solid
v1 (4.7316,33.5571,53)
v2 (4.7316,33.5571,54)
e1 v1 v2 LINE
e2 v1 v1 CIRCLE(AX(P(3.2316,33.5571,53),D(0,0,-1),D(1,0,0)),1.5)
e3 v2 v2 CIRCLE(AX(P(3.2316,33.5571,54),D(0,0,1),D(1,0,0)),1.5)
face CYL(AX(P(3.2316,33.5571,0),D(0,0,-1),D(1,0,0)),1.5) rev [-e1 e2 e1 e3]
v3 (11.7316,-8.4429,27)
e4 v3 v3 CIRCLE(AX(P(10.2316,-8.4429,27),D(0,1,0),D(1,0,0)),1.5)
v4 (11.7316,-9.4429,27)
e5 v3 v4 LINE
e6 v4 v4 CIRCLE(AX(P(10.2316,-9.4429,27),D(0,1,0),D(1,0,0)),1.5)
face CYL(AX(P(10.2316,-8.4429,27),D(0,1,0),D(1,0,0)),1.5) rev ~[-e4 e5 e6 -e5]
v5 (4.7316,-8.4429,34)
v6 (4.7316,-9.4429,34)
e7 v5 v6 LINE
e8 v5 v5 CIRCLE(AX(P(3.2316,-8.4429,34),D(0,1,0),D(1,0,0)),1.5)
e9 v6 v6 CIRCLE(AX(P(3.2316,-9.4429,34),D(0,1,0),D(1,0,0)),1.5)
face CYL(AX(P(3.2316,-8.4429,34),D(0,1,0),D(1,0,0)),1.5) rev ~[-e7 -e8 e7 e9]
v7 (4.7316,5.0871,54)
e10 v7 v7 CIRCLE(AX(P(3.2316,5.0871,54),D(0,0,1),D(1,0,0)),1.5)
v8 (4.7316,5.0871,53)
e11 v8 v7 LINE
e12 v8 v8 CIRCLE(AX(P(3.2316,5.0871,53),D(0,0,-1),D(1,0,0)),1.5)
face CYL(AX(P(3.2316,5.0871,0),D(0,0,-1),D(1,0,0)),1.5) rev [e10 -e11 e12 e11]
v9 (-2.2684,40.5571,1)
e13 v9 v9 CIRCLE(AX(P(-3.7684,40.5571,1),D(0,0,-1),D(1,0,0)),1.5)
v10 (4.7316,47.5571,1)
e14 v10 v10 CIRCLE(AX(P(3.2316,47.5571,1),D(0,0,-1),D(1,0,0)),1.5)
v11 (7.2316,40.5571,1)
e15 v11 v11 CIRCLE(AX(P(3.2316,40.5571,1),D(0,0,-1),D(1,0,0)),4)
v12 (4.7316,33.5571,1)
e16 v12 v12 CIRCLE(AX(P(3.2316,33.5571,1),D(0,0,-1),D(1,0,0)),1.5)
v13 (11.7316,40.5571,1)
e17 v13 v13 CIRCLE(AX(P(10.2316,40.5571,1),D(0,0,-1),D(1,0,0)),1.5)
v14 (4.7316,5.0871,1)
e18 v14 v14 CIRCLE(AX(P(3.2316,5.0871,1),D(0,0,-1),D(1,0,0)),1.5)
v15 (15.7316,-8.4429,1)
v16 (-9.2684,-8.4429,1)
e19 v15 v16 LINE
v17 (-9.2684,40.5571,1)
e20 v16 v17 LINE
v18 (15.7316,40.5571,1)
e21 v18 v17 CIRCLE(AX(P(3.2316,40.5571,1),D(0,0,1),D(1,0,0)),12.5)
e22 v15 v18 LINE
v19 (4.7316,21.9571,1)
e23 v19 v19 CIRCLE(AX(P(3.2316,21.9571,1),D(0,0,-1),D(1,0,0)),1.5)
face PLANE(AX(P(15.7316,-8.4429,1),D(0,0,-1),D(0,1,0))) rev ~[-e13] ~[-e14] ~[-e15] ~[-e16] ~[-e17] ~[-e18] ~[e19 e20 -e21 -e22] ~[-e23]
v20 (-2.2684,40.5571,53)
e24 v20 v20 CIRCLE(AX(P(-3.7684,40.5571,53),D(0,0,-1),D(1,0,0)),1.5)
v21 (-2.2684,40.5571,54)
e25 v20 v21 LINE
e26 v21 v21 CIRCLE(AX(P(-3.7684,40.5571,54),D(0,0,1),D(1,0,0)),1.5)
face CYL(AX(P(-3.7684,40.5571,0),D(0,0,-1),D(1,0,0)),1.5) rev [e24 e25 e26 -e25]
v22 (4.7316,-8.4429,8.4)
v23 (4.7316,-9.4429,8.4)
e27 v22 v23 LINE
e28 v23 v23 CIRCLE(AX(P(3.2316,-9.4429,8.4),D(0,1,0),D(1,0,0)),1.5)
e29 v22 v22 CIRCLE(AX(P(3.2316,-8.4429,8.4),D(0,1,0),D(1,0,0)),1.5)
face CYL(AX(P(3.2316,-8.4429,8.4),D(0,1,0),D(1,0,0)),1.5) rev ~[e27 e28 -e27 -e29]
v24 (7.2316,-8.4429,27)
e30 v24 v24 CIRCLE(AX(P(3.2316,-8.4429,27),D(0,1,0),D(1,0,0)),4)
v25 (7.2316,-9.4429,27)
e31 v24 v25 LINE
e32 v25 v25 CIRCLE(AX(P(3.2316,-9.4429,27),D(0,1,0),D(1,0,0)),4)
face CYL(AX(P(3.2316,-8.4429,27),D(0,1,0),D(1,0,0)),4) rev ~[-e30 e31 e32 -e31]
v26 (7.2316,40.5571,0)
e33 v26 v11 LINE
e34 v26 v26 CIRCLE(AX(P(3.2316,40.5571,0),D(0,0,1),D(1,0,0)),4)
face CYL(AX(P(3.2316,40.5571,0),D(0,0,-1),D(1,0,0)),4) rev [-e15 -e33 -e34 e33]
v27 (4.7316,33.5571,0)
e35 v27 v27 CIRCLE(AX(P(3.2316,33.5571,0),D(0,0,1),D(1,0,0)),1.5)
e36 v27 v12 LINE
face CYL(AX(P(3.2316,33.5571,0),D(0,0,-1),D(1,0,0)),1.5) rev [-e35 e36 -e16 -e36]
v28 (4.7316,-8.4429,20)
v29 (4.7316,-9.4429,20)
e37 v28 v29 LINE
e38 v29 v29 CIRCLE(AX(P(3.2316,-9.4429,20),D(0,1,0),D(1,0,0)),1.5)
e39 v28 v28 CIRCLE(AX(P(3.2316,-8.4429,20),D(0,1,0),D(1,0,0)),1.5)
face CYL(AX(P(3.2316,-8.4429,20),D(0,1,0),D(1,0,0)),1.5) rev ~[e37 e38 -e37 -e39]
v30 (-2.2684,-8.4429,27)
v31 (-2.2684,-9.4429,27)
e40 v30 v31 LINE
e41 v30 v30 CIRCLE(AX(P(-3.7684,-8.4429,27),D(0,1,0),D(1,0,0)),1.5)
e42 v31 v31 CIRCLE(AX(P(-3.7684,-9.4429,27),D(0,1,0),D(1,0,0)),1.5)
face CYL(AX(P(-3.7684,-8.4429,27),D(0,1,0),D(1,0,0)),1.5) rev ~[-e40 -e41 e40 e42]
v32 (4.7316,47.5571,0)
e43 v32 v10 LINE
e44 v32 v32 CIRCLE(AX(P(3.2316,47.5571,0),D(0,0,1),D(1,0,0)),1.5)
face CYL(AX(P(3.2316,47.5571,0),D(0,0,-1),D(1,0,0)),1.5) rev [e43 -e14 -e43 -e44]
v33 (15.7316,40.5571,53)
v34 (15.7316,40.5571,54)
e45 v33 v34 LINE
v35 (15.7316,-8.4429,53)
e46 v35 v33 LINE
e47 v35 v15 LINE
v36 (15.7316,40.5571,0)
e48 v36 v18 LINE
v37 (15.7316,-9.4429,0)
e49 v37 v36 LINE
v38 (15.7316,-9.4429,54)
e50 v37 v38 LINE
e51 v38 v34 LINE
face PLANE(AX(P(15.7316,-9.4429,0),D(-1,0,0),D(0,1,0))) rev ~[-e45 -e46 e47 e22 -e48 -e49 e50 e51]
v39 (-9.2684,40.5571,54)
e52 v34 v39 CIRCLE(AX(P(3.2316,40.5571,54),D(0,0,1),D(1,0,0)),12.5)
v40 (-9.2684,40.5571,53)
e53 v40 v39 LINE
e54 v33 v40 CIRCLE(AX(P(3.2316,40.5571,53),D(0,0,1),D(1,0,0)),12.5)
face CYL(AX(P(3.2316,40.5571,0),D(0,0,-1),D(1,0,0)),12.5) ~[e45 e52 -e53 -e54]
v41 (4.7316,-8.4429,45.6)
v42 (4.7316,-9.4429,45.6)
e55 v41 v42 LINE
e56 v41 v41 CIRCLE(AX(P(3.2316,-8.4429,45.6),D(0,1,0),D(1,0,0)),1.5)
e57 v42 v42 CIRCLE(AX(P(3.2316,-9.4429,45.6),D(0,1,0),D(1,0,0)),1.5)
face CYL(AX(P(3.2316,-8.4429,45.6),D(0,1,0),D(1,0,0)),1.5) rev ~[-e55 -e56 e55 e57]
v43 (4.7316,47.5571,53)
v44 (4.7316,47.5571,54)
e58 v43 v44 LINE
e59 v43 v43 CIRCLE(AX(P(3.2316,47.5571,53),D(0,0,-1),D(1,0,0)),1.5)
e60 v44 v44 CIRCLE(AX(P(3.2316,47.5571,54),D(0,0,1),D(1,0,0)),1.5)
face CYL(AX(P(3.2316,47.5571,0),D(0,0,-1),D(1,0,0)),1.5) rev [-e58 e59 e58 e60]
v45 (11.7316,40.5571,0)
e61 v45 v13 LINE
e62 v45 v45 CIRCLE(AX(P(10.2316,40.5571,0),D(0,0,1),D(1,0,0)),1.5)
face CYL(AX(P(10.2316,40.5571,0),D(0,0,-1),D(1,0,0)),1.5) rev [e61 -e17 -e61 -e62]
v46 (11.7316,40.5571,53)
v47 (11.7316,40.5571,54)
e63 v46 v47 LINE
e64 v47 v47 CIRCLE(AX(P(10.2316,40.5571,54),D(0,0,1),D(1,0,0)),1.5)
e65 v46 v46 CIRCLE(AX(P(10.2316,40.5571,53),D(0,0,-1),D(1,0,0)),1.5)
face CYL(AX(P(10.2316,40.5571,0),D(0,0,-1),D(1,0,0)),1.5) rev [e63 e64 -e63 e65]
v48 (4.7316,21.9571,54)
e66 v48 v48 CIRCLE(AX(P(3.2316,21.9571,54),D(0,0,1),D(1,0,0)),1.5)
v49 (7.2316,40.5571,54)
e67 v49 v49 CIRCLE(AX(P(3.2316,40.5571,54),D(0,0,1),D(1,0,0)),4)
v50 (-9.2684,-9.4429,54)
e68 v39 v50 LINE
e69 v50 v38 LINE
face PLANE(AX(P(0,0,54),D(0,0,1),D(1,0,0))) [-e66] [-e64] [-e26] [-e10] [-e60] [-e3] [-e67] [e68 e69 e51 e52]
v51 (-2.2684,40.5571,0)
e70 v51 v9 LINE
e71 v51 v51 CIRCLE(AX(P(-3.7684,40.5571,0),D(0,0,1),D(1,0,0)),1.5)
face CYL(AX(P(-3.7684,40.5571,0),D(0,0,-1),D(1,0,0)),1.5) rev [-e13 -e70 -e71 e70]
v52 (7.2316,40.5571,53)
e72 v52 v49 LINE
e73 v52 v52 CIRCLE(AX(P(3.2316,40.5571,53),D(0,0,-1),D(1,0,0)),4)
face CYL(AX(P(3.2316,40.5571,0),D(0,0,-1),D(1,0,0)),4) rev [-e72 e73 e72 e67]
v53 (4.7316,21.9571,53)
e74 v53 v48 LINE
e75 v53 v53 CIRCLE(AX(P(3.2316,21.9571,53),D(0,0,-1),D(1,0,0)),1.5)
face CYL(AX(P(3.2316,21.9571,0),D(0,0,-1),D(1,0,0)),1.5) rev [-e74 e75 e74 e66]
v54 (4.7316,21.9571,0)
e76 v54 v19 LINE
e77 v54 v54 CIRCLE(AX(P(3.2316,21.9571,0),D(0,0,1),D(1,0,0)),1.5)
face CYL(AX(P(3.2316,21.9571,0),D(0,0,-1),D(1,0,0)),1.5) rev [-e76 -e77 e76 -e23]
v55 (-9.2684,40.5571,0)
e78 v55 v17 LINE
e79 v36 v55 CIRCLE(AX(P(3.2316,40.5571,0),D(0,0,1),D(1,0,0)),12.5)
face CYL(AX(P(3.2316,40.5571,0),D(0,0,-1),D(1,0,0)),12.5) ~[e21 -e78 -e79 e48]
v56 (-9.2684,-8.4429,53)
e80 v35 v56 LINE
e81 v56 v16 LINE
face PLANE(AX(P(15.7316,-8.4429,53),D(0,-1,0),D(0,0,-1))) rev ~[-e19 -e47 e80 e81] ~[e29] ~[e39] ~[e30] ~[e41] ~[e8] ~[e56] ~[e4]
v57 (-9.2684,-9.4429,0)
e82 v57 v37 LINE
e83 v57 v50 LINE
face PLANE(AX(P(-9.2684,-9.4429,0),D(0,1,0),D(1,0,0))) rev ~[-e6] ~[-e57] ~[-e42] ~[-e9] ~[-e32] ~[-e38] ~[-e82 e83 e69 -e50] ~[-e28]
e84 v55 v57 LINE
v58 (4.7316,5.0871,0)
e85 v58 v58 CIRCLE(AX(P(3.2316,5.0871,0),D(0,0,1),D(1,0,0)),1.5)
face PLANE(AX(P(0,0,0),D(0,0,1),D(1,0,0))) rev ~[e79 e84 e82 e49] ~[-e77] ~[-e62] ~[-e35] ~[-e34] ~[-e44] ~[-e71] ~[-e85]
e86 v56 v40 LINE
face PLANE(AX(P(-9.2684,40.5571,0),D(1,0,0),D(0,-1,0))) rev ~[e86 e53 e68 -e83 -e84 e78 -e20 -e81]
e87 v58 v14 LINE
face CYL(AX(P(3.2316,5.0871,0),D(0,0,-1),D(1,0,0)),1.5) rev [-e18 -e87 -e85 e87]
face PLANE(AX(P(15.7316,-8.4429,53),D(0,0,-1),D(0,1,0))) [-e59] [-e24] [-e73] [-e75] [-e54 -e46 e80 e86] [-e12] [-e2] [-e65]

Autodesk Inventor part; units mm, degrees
ref_plane "YZ Plane" through (0, 0, 0) normal (1, 0, 0) x (0, 1, 0)
ref_plane "XZ Plane" through (0, 0, 0) normal (0, 1, 0) x (-1, 0, 0)
ref_plane "XY Plane" through (0, 0, 0) normal (0, 0, 1) x (1, 0, 0)
sketch "Sketch1" plane through (0, 0, 0) normal (0, 0, 1) x (1, 0, 0)
  line L0 (-9.2684, -9.4429) -> (15.7316, -9.4429)
  line L1 (15.7316, -9.4429) -> (15.7316, 40.5571)
  arc A0 (15.7316, 40.5571) -> (-9.2684, 40.5571) centre (3.2316, 40.5571) ccw
  line L2 (-9.2684, 40.5571) -> (-9.2684, -9.4429)
  circle A1 centre (3.2316, 40.5571) radius 4
  circle A2 centre (-3.7684, 40.5571) radius 1.5
  circle A3 centre (3.2316, 47.5571) radius 1.5
  circle A4 centre (3.2316, 33.5571) radius 1.5
  circle A5 centre (10.2316, 40.5571) radius 1.5
  circle A6 centre (3.2316, 21.9571) radius 1.5
  circle A7 centre (3.2316, 5.0871) radius 1.5
  point P0 (0, 0)
  dimension "d0" = 25
  dimension "d1" = 50
  dimension "d3" = 8
  dimension "d5" = 3
  dimension "d6" = 3
  dimension "d7" = 3
  dimension "d8" = 3
  dimension "d10" = 3
  dimension "d12" = 3
extrude "Extrusion1" add sketch "Sketch1" along normal blind 54
sketch "Sketch2" plane through (15.7316, -9.4429, 0) normal (1, 0, 0) x (0, 0, -1)
  line L0 (-54, 0) -> (-54, 50) projected
  line L1 (-54, 0) -> (-53, 0)
  line L2 (-53, 0) -> (-53, 1)
  line L3 (-53, 1) -> (-54, 1)
  line L4 (-54, 1) -> (-54, 0)
  line L5 (0, 0) -> (-1, 0)
  line L6 (-1, 0) -> (-1, 1)
  line L7 (-1, 1) -> (0, 1)
  line L8 (0, 1) -> (0, 0)
  line L9 (-53, 1) -> (-53, 62.5)
  line L10 (-53, 1) -> (-1, 1)
  line L11 (-1, 1) -> (-1, 62.5)
  line L12 (0, 50) -> (0, 50) projected
  line L13 (0, 50) -> (-54, 50) projected
  line L14 (-54, 50) -> (-54, 50) projected
  line L15 (0, 50) -> (-54, 50) projected
  line L16 (0, 62.5) -> (-54, 62.5) projected
  line L17 (-54, 62.5) -> (-54, 50) projected
  line L18 (0, 62.5) -> (0, 50) projected
  line L19 (0, 62.5) -> (-1, 62.5)
  line L20 (-1, 62.5) -> (-1, 0)
  line L21 (-1, 0) -> (0, 0)
  line L22 (0, 0) -> (0, 62.5)
  line L23 (-54, 62.5) -> (-53, 62.5)
  line L24 (-53, 62.5) -> (-53, 0)
  line L25 (-53, 0) -> (-54, 0)
  line L26 (-54, 0) -> (-54, 62.5)
  line L27 (-53, 62.5) -> (-1, 62.5)
  line L28 (-1, 62.5) -> (-1, 1)
  line L29 (-1, 1) -> (-53, 1)
  line L30 (-53, 1) -> (-53, 62.5)
  point P0 (0, 9.4429)
  dimension "d15" = 1
  dimension "d16" = 1
  dimension "d17" = 1
  dimension "d18" = 1
extrude "Extrusion2" cut sketch "Sketch2" against normal through all contours L9 L13 L11 L10 | L9 L16 L11 L13
sketch "Sketch3" plane through (15.7316, -8.4429, 53) normal (0, 1, 0) x (1, 0, 0)
  circle A0 centre (-12.5, 26) radius 4
  circle A1 centre (-12.5, 33) radius 1.5
  circle A2 centre (-19.5, 26) radius 1.5
  circle A3 centre (-12.5, 19) radius 1.5
  circle A4 centre (-5.5, 26) radius 1.5
  circle A5 centre (-12.5, 44.6) radius 1.5
  circle A6 centre (-12.5, 7.4) radius 1.5
  point P0 (-15.7316, 53)
  dimension "d23" = 3
  dimension "d26" = 360
  dimension "d29" = 3
extrude "Extrusion3" cut sketch "Sketch3" against normal blind 58
properties part number "modelo 1"
